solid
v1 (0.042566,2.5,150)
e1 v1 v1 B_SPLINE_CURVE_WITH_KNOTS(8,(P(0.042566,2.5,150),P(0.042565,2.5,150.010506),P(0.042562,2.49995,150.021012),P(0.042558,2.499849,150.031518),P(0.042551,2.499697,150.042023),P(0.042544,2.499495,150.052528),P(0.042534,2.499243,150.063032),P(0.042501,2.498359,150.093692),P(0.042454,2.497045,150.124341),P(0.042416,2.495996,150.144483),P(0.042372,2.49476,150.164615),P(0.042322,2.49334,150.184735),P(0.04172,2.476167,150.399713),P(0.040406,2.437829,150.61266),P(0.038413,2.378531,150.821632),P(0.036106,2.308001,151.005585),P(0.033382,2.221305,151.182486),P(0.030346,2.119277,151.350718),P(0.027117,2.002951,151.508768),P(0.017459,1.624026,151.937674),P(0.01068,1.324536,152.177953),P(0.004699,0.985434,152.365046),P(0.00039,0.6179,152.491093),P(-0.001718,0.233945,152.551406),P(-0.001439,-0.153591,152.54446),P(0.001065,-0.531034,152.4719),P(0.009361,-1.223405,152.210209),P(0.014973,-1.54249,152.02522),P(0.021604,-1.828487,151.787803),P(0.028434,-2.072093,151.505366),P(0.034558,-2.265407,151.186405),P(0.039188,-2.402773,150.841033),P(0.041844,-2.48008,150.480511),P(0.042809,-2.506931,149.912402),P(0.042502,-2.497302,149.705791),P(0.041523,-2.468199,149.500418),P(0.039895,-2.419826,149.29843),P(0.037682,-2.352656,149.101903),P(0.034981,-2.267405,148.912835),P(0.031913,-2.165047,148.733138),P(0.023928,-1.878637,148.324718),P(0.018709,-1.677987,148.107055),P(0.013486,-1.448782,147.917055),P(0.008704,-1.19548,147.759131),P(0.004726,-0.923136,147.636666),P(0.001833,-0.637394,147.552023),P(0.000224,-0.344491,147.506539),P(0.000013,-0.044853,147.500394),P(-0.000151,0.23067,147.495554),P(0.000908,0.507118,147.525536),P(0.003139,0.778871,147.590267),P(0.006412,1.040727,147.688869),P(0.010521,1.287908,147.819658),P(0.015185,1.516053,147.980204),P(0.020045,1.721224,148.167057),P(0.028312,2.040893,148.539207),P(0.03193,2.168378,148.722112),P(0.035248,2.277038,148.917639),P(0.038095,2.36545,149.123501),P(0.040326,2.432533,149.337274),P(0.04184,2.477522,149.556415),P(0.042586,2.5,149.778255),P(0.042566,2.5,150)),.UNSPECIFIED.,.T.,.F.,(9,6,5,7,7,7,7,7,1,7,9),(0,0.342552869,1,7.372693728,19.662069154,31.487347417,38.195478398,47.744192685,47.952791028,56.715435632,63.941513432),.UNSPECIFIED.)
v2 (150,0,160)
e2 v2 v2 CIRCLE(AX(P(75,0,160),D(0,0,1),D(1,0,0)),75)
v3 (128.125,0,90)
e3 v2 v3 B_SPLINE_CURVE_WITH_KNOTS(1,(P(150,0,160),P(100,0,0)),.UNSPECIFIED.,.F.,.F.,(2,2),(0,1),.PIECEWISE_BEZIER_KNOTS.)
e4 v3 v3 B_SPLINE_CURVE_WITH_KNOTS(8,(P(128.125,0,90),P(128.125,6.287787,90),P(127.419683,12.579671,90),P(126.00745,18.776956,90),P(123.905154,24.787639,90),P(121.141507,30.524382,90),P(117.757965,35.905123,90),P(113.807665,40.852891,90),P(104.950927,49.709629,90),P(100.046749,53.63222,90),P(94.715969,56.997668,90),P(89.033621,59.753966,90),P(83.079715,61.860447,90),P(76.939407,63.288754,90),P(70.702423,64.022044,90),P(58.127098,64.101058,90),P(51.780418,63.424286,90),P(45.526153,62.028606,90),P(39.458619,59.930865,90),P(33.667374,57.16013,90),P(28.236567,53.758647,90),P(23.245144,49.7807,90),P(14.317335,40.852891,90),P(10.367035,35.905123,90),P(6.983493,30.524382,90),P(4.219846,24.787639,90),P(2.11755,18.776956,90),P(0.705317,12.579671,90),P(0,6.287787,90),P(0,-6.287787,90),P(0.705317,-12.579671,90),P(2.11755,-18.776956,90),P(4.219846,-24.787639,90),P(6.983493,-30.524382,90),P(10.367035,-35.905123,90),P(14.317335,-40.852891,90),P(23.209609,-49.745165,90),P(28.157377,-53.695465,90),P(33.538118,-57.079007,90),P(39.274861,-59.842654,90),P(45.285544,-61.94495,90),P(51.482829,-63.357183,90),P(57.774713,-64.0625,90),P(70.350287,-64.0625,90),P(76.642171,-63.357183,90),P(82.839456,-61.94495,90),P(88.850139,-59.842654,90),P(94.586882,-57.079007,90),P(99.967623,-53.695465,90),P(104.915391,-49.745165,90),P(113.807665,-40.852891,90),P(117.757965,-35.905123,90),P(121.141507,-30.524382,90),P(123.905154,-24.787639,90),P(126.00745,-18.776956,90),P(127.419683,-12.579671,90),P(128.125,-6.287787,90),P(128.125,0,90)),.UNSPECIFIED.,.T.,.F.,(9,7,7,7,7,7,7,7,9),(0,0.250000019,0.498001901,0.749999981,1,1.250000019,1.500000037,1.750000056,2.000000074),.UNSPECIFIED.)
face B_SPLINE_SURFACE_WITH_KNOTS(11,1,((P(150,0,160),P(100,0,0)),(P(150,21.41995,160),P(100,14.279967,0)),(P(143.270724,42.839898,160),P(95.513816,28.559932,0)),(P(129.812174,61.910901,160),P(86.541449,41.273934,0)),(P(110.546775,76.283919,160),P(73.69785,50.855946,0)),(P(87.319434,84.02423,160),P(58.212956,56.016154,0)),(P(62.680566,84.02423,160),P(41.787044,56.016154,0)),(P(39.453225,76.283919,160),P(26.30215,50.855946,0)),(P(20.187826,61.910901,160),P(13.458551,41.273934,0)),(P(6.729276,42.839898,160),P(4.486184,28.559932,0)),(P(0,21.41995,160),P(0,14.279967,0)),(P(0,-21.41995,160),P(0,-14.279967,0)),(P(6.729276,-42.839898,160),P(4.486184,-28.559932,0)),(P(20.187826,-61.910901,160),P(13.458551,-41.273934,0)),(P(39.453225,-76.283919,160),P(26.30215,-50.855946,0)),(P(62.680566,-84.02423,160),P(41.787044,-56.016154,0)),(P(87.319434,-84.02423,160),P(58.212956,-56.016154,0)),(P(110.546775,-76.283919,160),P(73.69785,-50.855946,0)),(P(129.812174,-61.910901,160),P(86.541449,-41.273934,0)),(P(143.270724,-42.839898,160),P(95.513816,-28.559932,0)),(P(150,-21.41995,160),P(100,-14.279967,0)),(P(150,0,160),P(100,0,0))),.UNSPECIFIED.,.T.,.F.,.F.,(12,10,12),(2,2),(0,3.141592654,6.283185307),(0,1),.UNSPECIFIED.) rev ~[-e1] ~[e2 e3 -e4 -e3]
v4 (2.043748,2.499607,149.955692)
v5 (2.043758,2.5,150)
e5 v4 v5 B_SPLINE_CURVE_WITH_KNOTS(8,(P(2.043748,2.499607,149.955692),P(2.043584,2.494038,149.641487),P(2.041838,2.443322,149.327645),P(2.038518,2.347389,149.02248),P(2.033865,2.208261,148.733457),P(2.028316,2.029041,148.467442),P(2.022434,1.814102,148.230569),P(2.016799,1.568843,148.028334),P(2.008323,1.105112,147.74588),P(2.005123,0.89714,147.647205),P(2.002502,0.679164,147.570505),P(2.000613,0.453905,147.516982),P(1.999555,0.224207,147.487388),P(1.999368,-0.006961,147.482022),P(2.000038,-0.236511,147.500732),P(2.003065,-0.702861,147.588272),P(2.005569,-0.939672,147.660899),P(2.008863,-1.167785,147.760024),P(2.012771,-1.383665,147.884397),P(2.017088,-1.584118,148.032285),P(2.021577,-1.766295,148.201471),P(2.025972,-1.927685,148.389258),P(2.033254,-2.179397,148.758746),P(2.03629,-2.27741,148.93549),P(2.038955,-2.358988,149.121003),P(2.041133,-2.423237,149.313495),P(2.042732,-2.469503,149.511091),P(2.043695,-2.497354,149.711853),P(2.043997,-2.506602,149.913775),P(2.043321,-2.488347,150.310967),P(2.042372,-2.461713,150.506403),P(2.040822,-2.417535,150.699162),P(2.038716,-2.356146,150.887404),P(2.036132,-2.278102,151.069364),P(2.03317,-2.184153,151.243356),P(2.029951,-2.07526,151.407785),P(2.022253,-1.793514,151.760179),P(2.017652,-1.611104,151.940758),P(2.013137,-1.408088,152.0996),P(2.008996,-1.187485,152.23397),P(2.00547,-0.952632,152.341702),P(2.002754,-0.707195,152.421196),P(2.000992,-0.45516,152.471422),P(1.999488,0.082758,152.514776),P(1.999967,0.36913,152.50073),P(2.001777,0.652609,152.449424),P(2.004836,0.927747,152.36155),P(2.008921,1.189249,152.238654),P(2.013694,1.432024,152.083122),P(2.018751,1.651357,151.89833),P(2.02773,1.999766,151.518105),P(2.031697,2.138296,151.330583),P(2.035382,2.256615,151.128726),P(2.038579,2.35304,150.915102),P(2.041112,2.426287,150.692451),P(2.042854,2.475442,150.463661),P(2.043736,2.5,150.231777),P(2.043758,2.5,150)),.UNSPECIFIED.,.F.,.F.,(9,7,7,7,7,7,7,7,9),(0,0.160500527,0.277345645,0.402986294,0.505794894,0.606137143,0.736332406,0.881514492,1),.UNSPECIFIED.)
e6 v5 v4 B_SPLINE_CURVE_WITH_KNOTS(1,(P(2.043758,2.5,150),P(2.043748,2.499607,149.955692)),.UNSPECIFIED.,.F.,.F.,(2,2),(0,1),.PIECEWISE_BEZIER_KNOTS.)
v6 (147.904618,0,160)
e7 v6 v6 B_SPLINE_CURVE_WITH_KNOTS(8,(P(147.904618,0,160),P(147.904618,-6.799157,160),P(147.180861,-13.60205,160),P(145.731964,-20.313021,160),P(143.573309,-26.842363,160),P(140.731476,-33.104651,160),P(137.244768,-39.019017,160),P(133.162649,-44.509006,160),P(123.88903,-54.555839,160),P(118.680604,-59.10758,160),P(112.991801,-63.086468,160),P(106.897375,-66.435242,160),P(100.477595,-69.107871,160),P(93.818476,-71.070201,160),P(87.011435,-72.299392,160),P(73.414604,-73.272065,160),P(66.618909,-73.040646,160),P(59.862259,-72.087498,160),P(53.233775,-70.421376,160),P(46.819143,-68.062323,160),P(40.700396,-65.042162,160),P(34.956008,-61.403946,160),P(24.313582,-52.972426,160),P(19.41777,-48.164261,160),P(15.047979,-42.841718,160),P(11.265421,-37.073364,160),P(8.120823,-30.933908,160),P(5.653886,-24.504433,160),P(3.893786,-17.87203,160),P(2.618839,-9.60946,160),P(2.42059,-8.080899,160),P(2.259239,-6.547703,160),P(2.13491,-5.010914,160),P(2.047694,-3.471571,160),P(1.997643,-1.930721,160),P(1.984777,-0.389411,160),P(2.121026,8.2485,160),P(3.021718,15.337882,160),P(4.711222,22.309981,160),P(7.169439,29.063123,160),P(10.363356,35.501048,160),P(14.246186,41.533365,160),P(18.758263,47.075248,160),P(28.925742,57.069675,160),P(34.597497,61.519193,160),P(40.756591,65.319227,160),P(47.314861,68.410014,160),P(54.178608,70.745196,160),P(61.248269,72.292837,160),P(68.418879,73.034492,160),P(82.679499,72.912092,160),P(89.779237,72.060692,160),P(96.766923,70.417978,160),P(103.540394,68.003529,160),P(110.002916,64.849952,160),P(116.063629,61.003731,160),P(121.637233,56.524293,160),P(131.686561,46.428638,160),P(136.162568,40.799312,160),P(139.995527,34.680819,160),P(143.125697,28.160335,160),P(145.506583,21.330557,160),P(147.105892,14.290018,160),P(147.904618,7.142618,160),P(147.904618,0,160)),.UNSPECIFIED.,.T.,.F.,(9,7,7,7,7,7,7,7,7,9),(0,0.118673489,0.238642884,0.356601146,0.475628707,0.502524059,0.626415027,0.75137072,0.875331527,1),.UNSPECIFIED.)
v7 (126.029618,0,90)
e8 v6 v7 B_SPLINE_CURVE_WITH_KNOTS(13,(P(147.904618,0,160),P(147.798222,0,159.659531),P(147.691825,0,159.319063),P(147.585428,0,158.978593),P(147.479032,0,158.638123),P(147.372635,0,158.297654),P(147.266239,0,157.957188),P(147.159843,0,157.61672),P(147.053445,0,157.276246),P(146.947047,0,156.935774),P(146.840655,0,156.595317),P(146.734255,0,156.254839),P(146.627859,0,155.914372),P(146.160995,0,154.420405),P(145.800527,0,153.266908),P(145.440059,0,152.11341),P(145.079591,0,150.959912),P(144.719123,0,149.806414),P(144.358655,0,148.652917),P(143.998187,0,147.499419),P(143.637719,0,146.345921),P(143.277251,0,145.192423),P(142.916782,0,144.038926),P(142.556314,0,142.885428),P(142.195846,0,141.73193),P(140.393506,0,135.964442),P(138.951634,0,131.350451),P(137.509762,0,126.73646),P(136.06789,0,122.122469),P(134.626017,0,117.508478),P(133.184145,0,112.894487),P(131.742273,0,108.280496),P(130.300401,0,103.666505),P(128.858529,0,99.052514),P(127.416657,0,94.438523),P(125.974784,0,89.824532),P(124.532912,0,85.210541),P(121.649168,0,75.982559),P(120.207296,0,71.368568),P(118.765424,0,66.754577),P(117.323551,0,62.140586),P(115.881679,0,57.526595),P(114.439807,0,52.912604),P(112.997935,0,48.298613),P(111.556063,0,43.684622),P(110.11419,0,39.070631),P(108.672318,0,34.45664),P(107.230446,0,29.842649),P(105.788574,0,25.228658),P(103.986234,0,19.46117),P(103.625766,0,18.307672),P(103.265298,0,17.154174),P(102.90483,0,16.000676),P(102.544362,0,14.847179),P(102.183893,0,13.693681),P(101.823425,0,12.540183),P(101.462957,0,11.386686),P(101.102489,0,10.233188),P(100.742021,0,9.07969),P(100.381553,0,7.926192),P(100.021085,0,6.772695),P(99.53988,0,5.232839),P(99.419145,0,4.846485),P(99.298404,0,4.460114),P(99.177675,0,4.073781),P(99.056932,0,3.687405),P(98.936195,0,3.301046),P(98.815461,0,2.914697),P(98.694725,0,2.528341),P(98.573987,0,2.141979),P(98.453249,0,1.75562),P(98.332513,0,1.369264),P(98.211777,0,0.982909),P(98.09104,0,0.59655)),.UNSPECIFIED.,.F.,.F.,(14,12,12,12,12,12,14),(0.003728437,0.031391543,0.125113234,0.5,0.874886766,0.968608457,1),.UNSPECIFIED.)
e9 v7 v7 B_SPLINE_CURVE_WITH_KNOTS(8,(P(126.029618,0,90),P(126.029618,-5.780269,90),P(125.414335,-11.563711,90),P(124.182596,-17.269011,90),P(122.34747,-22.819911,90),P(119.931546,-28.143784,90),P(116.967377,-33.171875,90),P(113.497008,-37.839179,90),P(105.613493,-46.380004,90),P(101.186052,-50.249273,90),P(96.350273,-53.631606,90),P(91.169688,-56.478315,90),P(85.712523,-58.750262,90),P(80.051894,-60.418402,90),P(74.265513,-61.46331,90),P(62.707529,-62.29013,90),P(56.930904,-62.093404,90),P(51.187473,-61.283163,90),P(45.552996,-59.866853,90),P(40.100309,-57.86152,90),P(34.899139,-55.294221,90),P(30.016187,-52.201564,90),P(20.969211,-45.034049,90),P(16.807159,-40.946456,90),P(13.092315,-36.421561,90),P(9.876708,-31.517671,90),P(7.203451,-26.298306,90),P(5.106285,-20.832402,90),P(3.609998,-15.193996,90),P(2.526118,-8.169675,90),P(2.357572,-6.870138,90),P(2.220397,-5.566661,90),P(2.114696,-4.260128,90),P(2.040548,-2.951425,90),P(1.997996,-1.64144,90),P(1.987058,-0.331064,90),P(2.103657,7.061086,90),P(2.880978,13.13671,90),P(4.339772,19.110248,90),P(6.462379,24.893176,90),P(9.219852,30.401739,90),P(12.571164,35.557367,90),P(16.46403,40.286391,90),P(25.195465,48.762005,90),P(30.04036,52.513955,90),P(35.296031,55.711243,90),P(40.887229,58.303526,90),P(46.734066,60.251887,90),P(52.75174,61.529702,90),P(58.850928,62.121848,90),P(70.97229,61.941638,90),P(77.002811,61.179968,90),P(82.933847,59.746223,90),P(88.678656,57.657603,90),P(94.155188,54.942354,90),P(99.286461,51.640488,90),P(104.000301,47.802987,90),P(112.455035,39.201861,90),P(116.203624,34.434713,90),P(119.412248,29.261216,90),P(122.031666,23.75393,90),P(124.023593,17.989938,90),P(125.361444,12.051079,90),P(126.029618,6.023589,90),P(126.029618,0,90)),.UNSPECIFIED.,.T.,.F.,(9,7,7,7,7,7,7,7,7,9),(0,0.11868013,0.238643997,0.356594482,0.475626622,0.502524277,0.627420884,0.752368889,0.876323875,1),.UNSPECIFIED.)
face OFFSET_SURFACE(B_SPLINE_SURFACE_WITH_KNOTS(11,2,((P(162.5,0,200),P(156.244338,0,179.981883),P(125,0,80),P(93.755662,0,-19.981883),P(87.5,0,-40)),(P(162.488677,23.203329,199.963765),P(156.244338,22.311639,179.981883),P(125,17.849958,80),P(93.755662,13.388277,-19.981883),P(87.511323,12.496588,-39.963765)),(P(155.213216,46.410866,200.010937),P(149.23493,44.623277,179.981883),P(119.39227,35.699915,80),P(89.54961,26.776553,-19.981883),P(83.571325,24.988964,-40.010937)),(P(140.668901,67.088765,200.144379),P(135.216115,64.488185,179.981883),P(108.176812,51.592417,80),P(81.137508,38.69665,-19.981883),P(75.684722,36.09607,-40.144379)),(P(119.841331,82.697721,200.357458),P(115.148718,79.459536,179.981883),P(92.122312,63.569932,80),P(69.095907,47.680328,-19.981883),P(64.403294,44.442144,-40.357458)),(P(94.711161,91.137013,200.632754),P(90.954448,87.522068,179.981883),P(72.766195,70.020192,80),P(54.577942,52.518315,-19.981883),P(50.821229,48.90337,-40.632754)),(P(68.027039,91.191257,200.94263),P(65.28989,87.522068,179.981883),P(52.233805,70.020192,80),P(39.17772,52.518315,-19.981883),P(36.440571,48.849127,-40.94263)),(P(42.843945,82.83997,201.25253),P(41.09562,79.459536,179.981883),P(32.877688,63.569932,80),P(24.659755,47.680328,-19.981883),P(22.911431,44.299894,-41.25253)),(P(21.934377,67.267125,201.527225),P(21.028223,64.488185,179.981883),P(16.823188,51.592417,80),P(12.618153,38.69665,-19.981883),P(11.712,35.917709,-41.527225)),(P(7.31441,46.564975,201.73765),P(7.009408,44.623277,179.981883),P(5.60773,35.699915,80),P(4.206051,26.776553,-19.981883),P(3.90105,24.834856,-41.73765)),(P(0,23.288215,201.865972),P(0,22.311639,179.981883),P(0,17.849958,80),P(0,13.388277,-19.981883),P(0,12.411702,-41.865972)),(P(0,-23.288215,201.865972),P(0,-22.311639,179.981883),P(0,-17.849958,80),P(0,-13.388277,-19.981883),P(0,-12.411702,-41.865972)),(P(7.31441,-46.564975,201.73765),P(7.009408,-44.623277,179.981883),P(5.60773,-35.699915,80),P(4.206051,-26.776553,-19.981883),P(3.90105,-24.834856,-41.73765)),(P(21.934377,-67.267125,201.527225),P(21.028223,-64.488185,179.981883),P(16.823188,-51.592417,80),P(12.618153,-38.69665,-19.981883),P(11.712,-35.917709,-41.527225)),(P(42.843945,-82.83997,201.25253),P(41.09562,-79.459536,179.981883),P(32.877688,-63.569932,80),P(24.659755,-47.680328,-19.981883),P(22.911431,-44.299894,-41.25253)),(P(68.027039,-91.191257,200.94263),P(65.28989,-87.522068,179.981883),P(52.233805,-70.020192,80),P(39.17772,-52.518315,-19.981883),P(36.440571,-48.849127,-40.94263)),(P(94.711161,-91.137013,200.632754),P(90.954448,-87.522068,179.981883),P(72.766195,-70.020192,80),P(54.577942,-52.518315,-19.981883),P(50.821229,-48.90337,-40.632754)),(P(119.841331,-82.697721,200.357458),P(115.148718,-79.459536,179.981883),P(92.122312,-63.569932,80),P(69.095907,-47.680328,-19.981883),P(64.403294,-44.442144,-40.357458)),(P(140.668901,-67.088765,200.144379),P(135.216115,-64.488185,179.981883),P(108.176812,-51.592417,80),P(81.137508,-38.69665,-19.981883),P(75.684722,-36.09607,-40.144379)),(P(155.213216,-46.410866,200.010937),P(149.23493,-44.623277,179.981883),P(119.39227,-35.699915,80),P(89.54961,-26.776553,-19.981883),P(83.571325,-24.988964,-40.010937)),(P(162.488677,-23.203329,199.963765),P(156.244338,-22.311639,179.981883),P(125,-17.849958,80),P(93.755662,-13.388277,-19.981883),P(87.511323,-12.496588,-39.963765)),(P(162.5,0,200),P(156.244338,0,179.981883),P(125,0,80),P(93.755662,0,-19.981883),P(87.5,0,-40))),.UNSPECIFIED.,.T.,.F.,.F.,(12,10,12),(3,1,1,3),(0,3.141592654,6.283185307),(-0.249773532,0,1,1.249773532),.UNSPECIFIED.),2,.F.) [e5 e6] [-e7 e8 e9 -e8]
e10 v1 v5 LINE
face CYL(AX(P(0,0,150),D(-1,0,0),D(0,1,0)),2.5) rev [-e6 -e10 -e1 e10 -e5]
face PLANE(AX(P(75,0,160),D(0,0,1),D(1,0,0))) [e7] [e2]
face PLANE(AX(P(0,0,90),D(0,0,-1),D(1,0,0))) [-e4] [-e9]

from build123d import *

# Parameters (mm, degrees)
F2_R           = 75
F0_R           = 50
F4_T           = -2
F5_R           = 2.5
F6_DEPTH       = 2.0640929826
F8_D           = 15
F8_CBORE_D     = 97
F8_CBORE_DEPTH = 5
F9_W           = 200
F9_H           = 90
F10_DEPTH      = 100


with BuildPart() as f3:
    # F2 (on offset) → F3 section 0
    with BuildSketch(Plane.XY.offset(160)):
        with Locations((75, 0)):
            Circle(F2_R)
    # F0 (on Top) → F3 section 1
    with BuildSketch(Plane.XY):
        with Locations((50, 0)):
            Circle(F0_R)
    loft()

    # F4
    f4_openings = [f3.faces().sort_by_distance(p)[0] for p in [
        (75, 0, 160),
    ]]
    offset(amount=F4_T, openings=f4_openings)

    # F5 (on Right) → F6 (cut, through all)
    with BuildSketch(Plane.YZ):
        with Locations((0, 150)):
            Circle(F5_R)
        with Locations((0, 10)):
            Circle(F5_R)
    extrude(amount=F6_DEPTH, mode=Mode.SUBTRACT)

    # F8 (through all)
    with Locations(Plane(origin=(0, 0, 0), x_dir=(1, 0, 0), z_dir=(0, 0, -1))):
        with Locations((50, 0)):
            CounterBoreHole(F8_D / 2, F8_CBORE_D / 2, F8_CBORE_DEPTH)

    # F9 (on Front) → F10 (cut, symmetric)
    with BuildSketch(Plane.XZ):
        with Locations((100, 45)):
            Rectangle(F9_W, F9_H)
    extrude(amount=F10_DEPTH, both=True, mode=Mode.SUBTRACT)


solid = f3.part
